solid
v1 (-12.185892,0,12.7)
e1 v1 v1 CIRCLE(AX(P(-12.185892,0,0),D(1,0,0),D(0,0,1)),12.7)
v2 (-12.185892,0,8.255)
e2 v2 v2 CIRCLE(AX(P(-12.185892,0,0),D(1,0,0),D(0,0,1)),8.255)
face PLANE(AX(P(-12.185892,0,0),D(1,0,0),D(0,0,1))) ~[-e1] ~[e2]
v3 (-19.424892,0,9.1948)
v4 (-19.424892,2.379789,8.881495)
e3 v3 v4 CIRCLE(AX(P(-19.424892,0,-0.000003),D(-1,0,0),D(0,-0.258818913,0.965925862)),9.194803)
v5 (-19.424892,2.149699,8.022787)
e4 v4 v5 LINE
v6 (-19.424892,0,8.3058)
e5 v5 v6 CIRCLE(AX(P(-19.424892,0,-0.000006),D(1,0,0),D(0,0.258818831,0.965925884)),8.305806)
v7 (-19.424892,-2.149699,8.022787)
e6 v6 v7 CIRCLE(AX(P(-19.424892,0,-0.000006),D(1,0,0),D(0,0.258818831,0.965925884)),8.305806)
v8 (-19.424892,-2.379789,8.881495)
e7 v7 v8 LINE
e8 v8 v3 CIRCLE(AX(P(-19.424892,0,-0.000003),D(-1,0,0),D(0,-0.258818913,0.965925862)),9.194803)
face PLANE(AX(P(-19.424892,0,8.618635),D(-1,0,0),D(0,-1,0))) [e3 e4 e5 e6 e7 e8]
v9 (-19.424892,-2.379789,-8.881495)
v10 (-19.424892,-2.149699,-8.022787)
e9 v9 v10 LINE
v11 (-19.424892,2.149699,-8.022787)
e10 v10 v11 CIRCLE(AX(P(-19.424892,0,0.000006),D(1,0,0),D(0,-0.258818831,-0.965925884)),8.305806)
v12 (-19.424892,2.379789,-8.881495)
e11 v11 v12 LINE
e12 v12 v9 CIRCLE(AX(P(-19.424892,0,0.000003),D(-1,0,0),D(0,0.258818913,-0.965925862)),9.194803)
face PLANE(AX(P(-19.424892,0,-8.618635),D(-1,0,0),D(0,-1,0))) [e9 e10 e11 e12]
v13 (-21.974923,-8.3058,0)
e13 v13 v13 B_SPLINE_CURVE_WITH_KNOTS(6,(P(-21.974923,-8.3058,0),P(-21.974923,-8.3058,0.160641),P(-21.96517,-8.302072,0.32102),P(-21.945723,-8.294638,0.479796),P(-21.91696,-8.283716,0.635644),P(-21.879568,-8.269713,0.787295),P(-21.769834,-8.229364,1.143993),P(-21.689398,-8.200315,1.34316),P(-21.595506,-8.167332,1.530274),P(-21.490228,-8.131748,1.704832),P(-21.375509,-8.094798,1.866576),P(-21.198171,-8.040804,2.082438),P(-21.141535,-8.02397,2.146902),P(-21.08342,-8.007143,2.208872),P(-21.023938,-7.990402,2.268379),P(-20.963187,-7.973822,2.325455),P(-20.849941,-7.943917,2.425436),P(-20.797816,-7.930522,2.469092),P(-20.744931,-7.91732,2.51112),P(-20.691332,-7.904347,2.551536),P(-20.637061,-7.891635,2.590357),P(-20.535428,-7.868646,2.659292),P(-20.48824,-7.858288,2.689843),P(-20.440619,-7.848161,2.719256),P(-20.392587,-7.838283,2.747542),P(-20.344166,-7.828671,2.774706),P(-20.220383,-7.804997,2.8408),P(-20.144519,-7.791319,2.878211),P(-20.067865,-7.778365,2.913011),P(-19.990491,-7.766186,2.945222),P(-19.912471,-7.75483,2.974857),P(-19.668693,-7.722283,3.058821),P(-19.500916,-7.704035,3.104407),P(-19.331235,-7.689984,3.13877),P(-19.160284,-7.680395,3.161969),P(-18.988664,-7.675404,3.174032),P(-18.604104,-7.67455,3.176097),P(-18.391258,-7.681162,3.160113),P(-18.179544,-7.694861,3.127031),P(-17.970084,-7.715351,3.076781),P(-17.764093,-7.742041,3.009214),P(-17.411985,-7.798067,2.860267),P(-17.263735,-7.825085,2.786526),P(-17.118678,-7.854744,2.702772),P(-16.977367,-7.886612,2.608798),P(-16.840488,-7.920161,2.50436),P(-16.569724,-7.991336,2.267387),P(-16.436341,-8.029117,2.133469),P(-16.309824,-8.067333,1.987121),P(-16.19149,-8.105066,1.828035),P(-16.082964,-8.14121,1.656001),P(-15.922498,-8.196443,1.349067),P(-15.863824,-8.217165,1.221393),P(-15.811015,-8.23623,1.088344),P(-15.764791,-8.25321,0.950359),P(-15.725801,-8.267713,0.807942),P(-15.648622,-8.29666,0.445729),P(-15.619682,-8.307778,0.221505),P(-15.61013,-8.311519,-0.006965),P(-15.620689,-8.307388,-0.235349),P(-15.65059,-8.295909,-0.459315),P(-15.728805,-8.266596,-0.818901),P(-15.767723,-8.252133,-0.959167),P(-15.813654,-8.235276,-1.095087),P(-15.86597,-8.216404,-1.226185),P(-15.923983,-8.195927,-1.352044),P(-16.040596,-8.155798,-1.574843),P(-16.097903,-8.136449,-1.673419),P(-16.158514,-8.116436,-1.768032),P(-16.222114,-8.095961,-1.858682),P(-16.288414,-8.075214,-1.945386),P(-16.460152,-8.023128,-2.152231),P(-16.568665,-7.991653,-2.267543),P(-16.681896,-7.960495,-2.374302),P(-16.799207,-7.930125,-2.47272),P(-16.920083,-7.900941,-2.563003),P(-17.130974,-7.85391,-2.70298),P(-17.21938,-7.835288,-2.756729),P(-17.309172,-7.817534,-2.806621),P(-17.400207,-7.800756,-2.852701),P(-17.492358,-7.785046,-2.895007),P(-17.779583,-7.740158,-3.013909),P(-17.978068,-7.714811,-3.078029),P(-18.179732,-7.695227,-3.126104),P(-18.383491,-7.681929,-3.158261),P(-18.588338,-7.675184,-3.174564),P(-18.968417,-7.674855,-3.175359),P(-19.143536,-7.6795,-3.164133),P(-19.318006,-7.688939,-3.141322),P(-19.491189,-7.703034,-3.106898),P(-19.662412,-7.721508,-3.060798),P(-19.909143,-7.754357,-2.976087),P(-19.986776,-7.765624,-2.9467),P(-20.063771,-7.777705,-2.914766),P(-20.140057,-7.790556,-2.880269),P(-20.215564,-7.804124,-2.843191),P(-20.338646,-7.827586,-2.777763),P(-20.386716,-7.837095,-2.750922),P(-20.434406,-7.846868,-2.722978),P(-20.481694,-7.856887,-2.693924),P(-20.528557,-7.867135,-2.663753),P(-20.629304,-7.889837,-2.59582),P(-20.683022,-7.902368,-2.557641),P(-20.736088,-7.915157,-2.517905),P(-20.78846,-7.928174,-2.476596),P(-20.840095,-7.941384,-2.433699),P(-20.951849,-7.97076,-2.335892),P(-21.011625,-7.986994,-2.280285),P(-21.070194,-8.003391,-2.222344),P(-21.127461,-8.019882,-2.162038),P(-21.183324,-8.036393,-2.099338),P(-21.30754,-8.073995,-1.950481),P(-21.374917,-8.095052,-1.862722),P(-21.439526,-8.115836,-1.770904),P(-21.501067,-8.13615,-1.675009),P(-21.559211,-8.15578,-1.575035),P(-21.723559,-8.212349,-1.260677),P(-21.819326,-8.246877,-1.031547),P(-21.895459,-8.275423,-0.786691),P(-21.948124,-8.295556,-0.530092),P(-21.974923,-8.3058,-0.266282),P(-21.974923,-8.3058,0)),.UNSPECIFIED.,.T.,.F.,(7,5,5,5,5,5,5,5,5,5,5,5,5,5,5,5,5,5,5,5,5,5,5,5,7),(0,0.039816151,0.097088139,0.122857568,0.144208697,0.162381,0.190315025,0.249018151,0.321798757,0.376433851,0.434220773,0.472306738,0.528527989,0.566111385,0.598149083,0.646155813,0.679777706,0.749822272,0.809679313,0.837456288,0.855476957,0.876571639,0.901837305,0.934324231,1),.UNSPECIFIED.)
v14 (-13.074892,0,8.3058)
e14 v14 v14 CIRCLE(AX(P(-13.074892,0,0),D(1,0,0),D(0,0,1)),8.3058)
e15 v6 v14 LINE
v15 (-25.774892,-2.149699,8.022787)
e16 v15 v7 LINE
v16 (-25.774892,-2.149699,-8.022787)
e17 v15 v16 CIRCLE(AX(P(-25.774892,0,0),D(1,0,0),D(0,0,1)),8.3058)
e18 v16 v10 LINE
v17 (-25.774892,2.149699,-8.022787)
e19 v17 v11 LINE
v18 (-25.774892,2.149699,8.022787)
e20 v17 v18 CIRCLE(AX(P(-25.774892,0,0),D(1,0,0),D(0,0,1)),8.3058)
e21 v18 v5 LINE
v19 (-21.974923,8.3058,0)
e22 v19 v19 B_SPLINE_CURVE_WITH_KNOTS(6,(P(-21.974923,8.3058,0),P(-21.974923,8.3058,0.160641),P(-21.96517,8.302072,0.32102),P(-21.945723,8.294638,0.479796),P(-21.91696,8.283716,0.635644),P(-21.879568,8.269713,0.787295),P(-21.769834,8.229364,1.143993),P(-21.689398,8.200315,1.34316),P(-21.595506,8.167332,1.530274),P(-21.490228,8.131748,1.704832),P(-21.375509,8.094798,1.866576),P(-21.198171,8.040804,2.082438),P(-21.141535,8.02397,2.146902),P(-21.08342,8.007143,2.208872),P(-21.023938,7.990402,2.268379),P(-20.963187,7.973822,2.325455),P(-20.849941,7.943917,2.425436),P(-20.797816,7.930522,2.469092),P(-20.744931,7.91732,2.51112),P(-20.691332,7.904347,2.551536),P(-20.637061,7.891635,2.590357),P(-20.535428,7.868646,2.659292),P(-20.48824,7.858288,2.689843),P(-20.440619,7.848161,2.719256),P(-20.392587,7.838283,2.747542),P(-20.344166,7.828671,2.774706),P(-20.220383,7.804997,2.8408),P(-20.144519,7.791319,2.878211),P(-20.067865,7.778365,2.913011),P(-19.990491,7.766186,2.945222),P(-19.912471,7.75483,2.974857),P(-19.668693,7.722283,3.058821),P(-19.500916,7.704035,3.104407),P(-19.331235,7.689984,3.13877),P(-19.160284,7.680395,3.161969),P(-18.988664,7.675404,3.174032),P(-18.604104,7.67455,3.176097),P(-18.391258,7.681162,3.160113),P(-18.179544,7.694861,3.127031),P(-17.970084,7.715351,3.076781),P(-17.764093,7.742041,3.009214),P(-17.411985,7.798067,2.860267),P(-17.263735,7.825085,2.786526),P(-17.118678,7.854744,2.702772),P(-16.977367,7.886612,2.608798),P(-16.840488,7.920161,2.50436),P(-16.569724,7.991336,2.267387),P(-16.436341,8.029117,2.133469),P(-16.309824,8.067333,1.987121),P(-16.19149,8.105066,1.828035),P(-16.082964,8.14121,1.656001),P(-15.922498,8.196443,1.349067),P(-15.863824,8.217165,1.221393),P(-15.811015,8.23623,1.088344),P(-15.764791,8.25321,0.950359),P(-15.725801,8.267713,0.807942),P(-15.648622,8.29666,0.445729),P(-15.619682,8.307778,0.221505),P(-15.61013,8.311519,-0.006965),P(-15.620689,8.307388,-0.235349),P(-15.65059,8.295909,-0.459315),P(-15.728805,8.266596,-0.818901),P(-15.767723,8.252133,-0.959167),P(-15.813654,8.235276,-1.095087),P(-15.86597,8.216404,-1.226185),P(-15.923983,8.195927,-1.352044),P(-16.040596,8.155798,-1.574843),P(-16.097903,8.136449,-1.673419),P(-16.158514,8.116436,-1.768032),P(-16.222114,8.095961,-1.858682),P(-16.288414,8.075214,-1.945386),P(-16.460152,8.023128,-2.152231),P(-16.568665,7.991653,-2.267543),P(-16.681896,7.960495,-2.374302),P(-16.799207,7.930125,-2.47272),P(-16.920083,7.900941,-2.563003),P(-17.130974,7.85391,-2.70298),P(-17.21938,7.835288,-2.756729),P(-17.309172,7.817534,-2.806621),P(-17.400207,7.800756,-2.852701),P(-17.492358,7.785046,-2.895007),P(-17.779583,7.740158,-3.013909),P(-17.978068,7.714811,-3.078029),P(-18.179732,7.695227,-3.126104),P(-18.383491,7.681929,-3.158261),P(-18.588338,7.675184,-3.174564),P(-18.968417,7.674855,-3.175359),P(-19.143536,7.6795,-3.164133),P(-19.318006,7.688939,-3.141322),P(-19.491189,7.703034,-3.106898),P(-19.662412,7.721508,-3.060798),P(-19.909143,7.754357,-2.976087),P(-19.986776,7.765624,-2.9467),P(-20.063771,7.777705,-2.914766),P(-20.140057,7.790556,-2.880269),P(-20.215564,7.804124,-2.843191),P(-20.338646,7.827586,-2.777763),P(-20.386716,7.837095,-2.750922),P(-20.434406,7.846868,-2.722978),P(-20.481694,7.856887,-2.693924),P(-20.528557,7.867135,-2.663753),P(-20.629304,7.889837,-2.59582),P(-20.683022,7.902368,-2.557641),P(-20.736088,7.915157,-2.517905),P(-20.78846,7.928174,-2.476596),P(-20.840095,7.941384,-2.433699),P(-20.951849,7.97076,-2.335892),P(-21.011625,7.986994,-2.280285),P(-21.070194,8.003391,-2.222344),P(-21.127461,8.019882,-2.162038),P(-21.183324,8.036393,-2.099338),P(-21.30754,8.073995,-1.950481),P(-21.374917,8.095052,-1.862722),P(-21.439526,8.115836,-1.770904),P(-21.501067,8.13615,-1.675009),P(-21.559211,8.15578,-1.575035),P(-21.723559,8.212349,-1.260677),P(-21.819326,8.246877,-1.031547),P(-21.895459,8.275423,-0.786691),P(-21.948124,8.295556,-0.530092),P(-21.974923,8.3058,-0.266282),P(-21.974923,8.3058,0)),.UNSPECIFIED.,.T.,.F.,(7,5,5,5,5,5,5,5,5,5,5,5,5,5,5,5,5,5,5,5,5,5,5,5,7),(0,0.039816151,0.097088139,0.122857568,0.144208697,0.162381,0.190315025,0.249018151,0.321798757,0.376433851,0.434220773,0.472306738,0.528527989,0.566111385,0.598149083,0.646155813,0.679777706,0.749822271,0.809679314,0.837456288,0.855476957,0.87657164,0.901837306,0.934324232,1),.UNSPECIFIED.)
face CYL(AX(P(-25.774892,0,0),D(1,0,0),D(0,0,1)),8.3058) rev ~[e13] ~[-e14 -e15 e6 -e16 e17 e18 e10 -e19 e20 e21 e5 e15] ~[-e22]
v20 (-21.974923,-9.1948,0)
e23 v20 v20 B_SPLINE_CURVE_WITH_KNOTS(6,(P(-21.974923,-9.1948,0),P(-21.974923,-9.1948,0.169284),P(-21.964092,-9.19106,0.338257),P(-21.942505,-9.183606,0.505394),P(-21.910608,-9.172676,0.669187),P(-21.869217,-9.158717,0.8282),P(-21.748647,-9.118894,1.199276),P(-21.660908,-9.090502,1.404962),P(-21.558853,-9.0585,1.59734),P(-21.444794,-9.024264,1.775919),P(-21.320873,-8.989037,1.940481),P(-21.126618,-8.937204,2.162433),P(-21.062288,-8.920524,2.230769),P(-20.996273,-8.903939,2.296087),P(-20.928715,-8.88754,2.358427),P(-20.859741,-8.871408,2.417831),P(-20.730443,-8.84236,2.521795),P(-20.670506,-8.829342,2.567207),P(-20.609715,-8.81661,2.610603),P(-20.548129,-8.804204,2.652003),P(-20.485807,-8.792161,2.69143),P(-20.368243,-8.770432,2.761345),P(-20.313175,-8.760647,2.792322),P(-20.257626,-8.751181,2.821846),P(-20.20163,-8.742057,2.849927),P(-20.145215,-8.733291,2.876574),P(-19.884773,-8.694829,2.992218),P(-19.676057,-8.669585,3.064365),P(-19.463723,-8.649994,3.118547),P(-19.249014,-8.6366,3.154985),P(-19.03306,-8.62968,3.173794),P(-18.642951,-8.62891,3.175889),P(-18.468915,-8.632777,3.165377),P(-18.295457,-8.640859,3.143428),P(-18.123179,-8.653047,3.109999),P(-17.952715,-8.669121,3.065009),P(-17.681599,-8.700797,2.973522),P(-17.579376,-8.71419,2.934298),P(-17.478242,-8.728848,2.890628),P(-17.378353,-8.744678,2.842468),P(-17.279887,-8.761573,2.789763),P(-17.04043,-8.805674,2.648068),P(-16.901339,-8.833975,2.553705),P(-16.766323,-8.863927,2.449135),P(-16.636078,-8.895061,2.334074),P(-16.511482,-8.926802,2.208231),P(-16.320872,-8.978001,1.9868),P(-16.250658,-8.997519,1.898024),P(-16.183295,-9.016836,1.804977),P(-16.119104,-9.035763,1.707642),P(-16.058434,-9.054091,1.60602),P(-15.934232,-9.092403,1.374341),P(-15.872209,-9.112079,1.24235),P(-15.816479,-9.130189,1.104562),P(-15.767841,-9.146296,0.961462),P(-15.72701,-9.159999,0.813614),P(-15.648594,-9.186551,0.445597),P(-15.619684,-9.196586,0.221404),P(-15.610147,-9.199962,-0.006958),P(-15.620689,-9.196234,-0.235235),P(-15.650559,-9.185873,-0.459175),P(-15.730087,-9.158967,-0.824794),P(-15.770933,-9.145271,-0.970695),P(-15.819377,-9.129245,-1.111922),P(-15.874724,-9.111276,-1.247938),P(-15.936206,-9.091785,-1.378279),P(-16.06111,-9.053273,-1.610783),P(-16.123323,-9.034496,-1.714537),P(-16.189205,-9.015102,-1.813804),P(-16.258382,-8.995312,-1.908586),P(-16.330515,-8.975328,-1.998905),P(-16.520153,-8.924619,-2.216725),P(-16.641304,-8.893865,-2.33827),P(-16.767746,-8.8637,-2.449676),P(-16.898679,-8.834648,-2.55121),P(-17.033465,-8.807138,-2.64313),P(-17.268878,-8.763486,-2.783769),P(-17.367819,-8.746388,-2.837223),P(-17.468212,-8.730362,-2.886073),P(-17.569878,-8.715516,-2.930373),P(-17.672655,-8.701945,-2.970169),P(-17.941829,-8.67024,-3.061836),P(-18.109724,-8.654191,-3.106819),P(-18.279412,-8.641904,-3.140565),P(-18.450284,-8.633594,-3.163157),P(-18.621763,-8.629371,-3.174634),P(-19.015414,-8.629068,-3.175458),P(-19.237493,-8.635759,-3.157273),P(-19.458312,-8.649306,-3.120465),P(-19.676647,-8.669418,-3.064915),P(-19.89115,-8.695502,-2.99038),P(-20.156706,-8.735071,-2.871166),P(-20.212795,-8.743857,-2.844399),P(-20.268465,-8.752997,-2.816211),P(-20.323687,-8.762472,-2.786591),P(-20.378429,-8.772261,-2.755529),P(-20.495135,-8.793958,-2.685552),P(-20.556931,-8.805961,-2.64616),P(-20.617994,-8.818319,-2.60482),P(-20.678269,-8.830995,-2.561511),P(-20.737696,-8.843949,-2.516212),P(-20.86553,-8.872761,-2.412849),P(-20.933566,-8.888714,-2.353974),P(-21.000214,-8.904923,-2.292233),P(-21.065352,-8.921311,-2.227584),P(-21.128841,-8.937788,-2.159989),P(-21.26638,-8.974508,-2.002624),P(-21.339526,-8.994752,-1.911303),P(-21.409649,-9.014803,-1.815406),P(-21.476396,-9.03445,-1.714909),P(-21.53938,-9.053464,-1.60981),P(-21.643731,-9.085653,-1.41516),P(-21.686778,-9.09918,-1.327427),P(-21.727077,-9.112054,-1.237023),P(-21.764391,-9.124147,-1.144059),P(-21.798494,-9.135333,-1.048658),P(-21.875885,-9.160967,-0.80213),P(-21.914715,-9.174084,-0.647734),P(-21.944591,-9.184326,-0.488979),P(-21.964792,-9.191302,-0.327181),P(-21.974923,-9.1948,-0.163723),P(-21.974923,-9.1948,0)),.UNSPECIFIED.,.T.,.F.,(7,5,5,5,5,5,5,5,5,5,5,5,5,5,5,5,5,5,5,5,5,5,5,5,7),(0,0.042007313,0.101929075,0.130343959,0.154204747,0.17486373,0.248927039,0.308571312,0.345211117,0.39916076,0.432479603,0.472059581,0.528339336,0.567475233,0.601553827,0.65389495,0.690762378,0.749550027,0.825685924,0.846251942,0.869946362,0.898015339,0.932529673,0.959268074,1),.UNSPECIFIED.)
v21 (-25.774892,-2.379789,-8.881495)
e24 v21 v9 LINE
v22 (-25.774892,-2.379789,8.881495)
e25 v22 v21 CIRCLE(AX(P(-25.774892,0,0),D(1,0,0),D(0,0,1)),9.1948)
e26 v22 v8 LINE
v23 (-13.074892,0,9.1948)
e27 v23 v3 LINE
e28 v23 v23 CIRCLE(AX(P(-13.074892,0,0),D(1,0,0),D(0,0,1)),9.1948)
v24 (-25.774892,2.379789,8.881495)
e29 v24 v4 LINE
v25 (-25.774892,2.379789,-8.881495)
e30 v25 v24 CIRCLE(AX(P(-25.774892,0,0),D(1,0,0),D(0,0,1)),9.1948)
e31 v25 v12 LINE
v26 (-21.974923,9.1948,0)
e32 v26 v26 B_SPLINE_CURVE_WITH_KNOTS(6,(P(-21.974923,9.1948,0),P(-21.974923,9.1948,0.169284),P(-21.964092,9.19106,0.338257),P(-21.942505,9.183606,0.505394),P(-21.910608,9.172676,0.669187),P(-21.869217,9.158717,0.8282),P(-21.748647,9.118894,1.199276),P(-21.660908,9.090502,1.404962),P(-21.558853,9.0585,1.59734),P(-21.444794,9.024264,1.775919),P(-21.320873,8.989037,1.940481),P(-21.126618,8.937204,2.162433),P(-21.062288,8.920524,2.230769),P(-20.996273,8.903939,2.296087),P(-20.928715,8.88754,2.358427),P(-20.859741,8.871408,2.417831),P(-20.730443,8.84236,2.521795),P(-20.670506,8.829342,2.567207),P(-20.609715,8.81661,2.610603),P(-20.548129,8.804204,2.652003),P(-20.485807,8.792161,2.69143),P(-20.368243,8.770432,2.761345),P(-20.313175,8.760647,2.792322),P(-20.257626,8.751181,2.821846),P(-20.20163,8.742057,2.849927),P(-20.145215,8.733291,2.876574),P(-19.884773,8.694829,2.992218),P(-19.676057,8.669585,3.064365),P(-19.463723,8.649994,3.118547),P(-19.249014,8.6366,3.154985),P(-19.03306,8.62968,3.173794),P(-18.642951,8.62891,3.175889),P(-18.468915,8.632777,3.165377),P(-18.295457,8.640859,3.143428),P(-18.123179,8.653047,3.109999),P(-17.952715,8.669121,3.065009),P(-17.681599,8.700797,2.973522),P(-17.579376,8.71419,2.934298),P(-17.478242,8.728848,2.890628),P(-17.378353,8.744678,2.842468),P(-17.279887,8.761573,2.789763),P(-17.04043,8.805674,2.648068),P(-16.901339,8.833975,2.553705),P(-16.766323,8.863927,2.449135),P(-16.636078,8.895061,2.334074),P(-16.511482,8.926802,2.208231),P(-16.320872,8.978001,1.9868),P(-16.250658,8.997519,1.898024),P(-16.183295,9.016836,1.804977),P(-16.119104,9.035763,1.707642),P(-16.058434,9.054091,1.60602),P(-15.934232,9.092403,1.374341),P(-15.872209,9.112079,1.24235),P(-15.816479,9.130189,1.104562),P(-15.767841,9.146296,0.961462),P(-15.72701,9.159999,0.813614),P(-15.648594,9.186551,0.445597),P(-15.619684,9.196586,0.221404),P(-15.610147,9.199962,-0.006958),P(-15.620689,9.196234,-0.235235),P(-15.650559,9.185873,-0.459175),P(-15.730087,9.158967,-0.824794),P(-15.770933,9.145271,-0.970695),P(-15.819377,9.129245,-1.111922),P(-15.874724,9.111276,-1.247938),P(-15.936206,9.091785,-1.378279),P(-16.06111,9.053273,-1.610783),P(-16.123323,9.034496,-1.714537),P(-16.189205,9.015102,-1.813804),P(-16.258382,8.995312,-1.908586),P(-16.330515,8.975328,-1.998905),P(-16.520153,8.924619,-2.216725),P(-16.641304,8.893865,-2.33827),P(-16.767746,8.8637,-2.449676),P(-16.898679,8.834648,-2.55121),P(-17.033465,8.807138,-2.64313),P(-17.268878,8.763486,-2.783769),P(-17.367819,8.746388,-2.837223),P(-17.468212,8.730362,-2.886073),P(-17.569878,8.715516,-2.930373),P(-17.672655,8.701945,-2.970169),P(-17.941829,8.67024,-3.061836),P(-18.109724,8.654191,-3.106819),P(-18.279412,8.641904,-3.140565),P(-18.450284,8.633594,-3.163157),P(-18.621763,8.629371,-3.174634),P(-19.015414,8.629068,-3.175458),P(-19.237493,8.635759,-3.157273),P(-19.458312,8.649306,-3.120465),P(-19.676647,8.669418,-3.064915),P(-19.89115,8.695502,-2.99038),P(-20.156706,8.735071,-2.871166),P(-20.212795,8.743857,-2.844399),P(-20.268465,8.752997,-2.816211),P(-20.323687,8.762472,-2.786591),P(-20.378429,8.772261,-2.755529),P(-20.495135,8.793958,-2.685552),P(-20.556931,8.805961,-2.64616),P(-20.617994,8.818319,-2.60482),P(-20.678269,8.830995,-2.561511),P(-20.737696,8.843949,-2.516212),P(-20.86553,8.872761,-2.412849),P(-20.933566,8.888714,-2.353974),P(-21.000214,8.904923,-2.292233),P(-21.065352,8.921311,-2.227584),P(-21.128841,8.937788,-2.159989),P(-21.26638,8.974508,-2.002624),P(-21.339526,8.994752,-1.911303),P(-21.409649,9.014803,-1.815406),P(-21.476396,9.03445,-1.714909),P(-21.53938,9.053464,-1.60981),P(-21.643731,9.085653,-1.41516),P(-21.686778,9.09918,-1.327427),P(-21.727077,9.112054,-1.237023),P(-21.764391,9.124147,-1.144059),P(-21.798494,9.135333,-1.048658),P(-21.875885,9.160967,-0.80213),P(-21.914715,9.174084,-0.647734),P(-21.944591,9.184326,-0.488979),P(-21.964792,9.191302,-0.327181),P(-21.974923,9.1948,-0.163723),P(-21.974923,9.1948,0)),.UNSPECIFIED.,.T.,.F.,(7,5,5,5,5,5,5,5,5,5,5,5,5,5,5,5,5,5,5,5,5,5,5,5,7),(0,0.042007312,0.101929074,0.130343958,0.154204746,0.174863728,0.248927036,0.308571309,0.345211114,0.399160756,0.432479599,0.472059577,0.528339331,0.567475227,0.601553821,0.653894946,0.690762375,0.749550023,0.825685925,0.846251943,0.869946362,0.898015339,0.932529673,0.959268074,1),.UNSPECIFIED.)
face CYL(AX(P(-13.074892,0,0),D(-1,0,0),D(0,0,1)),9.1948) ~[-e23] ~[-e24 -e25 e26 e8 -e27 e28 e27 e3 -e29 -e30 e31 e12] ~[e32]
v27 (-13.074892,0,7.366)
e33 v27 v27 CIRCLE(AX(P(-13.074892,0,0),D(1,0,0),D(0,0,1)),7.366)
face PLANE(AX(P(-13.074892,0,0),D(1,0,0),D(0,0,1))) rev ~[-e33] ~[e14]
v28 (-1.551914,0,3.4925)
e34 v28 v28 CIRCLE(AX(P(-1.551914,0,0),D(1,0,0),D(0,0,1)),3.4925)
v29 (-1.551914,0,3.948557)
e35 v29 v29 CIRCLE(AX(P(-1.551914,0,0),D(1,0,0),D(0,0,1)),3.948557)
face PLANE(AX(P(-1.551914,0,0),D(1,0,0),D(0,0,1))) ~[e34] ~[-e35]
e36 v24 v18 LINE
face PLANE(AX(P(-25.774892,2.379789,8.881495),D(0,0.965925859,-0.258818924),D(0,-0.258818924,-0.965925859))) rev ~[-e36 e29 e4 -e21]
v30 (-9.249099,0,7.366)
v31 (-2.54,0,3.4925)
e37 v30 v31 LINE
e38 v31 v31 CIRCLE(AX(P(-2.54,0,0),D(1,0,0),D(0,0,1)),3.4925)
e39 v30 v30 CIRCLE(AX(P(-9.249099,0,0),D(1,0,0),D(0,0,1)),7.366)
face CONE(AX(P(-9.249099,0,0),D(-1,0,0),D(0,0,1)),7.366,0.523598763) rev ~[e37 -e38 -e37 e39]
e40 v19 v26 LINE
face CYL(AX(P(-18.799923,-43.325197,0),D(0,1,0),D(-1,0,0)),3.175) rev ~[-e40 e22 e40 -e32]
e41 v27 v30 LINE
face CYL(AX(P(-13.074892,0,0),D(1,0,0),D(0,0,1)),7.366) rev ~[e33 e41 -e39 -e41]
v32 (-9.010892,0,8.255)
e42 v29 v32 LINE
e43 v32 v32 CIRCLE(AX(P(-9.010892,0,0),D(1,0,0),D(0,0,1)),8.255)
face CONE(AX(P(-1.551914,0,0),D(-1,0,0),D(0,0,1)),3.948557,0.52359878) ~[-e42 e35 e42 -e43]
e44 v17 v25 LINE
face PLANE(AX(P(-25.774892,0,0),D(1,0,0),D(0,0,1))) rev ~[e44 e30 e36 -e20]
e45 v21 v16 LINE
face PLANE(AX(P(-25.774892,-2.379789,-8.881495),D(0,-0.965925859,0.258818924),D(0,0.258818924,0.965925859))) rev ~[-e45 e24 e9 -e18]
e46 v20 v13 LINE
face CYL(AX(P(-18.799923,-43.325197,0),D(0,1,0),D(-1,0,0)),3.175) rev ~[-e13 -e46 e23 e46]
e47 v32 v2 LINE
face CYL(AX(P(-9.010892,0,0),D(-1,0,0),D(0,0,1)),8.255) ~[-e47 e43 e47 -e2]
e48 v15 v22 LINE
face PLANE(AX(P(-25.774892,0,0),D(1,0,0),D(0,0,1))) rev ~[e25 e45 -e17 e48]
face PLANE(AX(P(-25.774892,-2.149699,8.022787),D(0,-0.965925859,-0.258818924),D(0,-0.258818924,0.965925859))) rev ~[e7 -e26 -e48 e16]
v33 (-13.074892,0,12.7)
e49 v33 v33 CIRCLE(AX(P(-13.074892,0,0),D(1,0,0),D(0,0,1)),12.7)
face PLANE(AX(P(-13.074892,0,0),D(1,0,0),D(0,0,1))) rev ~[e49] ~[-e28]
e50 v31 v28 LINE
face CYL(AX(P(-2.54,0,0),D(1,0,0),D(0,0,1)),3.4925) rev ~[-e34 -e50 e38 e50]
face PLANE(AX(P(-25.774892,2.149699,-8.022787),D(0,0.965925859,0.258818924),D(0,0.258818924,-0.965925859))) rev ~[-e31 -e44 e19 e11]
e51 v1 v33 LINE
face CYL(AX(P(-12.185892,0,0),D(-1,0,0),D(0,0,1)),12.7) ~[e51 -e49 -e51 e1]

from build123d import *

# Parameters (mm, degrees)
F3_DEPTH = 6.35
F5_D     = 6.35
F6_D     = 6.35


with BuildPart() as f1:
    # F0 (on Front) → F1 (revolve)
    with BuildSketch(Plane.XZ):
        Polygon((-12.185892, 12.7), (-13.074892, 12.7), (-13.074892, 9.1948), (-25.774892, 9.1948), (-25.774892, 8.3058), (-13.074892, 8.3058), (-13.074892, 7.366), (-9.249099, 7.366), (-2.54, 3.4925), (-1.551914, 3.4925), (-1.551914, 3.948557), (-9.010892, 8.255), (-12.185892, 8.255), align=None)
    revolve(axis=Axis((-0.259, 0, 0), (1, 0, 0)))

    # F2 (on face) → F3 (cut)
    with BuildSketch(Plane(origin=(-25.774892, 0, 0), x_dir=(0, -1, 0), z_dir=(-1, 0, 0))):
        with BuildLine():
            Line((2.149699, 8.022787), (2.379789, 8.881495))
            ThreePointArc((2.379789, 8.881495), (0, 9.1948), (-2.379789, 8.881495))
            Line((-2.379789, 8.881495), (-2.149699, 8.022787))
            ThreePointArc((-2.149699, 8.022787), (0, 8.3058), (2.149699, 8.022787))
        make_face()
        with BuildLine():
            Line((-2.149699, -8.022787), (-2.379789, -8.881495))
            ThreePointArc((-2.379789, -8.881495), (0, -9.1948), (2.379789, -8.881495))
            Line((2.379789, -8.881495), (2.149699, -8.022787))
            ThreePointArc((2.149699, -8.022787), (0, -8.3058), (-2.149699, -8.022787))
        make_face()
    extrude(amount=-F3_DEPTH, mode=Mode.SUBTRACT)

    # F5 (through all)
    with Locations(Plane.XZ):
        with Locations((-18.799923, 0)):
            Hole(F5_D / 2)

    # F6 (through all)
    with Locations(Plane(origin=(0, 0, 0), x_dir=(1, 0, 0), z_dir=(0, 1, 0))):
        with Locations((-18.799923, 0)):
            Hole(F6_D / 2)


solid = f1.part
